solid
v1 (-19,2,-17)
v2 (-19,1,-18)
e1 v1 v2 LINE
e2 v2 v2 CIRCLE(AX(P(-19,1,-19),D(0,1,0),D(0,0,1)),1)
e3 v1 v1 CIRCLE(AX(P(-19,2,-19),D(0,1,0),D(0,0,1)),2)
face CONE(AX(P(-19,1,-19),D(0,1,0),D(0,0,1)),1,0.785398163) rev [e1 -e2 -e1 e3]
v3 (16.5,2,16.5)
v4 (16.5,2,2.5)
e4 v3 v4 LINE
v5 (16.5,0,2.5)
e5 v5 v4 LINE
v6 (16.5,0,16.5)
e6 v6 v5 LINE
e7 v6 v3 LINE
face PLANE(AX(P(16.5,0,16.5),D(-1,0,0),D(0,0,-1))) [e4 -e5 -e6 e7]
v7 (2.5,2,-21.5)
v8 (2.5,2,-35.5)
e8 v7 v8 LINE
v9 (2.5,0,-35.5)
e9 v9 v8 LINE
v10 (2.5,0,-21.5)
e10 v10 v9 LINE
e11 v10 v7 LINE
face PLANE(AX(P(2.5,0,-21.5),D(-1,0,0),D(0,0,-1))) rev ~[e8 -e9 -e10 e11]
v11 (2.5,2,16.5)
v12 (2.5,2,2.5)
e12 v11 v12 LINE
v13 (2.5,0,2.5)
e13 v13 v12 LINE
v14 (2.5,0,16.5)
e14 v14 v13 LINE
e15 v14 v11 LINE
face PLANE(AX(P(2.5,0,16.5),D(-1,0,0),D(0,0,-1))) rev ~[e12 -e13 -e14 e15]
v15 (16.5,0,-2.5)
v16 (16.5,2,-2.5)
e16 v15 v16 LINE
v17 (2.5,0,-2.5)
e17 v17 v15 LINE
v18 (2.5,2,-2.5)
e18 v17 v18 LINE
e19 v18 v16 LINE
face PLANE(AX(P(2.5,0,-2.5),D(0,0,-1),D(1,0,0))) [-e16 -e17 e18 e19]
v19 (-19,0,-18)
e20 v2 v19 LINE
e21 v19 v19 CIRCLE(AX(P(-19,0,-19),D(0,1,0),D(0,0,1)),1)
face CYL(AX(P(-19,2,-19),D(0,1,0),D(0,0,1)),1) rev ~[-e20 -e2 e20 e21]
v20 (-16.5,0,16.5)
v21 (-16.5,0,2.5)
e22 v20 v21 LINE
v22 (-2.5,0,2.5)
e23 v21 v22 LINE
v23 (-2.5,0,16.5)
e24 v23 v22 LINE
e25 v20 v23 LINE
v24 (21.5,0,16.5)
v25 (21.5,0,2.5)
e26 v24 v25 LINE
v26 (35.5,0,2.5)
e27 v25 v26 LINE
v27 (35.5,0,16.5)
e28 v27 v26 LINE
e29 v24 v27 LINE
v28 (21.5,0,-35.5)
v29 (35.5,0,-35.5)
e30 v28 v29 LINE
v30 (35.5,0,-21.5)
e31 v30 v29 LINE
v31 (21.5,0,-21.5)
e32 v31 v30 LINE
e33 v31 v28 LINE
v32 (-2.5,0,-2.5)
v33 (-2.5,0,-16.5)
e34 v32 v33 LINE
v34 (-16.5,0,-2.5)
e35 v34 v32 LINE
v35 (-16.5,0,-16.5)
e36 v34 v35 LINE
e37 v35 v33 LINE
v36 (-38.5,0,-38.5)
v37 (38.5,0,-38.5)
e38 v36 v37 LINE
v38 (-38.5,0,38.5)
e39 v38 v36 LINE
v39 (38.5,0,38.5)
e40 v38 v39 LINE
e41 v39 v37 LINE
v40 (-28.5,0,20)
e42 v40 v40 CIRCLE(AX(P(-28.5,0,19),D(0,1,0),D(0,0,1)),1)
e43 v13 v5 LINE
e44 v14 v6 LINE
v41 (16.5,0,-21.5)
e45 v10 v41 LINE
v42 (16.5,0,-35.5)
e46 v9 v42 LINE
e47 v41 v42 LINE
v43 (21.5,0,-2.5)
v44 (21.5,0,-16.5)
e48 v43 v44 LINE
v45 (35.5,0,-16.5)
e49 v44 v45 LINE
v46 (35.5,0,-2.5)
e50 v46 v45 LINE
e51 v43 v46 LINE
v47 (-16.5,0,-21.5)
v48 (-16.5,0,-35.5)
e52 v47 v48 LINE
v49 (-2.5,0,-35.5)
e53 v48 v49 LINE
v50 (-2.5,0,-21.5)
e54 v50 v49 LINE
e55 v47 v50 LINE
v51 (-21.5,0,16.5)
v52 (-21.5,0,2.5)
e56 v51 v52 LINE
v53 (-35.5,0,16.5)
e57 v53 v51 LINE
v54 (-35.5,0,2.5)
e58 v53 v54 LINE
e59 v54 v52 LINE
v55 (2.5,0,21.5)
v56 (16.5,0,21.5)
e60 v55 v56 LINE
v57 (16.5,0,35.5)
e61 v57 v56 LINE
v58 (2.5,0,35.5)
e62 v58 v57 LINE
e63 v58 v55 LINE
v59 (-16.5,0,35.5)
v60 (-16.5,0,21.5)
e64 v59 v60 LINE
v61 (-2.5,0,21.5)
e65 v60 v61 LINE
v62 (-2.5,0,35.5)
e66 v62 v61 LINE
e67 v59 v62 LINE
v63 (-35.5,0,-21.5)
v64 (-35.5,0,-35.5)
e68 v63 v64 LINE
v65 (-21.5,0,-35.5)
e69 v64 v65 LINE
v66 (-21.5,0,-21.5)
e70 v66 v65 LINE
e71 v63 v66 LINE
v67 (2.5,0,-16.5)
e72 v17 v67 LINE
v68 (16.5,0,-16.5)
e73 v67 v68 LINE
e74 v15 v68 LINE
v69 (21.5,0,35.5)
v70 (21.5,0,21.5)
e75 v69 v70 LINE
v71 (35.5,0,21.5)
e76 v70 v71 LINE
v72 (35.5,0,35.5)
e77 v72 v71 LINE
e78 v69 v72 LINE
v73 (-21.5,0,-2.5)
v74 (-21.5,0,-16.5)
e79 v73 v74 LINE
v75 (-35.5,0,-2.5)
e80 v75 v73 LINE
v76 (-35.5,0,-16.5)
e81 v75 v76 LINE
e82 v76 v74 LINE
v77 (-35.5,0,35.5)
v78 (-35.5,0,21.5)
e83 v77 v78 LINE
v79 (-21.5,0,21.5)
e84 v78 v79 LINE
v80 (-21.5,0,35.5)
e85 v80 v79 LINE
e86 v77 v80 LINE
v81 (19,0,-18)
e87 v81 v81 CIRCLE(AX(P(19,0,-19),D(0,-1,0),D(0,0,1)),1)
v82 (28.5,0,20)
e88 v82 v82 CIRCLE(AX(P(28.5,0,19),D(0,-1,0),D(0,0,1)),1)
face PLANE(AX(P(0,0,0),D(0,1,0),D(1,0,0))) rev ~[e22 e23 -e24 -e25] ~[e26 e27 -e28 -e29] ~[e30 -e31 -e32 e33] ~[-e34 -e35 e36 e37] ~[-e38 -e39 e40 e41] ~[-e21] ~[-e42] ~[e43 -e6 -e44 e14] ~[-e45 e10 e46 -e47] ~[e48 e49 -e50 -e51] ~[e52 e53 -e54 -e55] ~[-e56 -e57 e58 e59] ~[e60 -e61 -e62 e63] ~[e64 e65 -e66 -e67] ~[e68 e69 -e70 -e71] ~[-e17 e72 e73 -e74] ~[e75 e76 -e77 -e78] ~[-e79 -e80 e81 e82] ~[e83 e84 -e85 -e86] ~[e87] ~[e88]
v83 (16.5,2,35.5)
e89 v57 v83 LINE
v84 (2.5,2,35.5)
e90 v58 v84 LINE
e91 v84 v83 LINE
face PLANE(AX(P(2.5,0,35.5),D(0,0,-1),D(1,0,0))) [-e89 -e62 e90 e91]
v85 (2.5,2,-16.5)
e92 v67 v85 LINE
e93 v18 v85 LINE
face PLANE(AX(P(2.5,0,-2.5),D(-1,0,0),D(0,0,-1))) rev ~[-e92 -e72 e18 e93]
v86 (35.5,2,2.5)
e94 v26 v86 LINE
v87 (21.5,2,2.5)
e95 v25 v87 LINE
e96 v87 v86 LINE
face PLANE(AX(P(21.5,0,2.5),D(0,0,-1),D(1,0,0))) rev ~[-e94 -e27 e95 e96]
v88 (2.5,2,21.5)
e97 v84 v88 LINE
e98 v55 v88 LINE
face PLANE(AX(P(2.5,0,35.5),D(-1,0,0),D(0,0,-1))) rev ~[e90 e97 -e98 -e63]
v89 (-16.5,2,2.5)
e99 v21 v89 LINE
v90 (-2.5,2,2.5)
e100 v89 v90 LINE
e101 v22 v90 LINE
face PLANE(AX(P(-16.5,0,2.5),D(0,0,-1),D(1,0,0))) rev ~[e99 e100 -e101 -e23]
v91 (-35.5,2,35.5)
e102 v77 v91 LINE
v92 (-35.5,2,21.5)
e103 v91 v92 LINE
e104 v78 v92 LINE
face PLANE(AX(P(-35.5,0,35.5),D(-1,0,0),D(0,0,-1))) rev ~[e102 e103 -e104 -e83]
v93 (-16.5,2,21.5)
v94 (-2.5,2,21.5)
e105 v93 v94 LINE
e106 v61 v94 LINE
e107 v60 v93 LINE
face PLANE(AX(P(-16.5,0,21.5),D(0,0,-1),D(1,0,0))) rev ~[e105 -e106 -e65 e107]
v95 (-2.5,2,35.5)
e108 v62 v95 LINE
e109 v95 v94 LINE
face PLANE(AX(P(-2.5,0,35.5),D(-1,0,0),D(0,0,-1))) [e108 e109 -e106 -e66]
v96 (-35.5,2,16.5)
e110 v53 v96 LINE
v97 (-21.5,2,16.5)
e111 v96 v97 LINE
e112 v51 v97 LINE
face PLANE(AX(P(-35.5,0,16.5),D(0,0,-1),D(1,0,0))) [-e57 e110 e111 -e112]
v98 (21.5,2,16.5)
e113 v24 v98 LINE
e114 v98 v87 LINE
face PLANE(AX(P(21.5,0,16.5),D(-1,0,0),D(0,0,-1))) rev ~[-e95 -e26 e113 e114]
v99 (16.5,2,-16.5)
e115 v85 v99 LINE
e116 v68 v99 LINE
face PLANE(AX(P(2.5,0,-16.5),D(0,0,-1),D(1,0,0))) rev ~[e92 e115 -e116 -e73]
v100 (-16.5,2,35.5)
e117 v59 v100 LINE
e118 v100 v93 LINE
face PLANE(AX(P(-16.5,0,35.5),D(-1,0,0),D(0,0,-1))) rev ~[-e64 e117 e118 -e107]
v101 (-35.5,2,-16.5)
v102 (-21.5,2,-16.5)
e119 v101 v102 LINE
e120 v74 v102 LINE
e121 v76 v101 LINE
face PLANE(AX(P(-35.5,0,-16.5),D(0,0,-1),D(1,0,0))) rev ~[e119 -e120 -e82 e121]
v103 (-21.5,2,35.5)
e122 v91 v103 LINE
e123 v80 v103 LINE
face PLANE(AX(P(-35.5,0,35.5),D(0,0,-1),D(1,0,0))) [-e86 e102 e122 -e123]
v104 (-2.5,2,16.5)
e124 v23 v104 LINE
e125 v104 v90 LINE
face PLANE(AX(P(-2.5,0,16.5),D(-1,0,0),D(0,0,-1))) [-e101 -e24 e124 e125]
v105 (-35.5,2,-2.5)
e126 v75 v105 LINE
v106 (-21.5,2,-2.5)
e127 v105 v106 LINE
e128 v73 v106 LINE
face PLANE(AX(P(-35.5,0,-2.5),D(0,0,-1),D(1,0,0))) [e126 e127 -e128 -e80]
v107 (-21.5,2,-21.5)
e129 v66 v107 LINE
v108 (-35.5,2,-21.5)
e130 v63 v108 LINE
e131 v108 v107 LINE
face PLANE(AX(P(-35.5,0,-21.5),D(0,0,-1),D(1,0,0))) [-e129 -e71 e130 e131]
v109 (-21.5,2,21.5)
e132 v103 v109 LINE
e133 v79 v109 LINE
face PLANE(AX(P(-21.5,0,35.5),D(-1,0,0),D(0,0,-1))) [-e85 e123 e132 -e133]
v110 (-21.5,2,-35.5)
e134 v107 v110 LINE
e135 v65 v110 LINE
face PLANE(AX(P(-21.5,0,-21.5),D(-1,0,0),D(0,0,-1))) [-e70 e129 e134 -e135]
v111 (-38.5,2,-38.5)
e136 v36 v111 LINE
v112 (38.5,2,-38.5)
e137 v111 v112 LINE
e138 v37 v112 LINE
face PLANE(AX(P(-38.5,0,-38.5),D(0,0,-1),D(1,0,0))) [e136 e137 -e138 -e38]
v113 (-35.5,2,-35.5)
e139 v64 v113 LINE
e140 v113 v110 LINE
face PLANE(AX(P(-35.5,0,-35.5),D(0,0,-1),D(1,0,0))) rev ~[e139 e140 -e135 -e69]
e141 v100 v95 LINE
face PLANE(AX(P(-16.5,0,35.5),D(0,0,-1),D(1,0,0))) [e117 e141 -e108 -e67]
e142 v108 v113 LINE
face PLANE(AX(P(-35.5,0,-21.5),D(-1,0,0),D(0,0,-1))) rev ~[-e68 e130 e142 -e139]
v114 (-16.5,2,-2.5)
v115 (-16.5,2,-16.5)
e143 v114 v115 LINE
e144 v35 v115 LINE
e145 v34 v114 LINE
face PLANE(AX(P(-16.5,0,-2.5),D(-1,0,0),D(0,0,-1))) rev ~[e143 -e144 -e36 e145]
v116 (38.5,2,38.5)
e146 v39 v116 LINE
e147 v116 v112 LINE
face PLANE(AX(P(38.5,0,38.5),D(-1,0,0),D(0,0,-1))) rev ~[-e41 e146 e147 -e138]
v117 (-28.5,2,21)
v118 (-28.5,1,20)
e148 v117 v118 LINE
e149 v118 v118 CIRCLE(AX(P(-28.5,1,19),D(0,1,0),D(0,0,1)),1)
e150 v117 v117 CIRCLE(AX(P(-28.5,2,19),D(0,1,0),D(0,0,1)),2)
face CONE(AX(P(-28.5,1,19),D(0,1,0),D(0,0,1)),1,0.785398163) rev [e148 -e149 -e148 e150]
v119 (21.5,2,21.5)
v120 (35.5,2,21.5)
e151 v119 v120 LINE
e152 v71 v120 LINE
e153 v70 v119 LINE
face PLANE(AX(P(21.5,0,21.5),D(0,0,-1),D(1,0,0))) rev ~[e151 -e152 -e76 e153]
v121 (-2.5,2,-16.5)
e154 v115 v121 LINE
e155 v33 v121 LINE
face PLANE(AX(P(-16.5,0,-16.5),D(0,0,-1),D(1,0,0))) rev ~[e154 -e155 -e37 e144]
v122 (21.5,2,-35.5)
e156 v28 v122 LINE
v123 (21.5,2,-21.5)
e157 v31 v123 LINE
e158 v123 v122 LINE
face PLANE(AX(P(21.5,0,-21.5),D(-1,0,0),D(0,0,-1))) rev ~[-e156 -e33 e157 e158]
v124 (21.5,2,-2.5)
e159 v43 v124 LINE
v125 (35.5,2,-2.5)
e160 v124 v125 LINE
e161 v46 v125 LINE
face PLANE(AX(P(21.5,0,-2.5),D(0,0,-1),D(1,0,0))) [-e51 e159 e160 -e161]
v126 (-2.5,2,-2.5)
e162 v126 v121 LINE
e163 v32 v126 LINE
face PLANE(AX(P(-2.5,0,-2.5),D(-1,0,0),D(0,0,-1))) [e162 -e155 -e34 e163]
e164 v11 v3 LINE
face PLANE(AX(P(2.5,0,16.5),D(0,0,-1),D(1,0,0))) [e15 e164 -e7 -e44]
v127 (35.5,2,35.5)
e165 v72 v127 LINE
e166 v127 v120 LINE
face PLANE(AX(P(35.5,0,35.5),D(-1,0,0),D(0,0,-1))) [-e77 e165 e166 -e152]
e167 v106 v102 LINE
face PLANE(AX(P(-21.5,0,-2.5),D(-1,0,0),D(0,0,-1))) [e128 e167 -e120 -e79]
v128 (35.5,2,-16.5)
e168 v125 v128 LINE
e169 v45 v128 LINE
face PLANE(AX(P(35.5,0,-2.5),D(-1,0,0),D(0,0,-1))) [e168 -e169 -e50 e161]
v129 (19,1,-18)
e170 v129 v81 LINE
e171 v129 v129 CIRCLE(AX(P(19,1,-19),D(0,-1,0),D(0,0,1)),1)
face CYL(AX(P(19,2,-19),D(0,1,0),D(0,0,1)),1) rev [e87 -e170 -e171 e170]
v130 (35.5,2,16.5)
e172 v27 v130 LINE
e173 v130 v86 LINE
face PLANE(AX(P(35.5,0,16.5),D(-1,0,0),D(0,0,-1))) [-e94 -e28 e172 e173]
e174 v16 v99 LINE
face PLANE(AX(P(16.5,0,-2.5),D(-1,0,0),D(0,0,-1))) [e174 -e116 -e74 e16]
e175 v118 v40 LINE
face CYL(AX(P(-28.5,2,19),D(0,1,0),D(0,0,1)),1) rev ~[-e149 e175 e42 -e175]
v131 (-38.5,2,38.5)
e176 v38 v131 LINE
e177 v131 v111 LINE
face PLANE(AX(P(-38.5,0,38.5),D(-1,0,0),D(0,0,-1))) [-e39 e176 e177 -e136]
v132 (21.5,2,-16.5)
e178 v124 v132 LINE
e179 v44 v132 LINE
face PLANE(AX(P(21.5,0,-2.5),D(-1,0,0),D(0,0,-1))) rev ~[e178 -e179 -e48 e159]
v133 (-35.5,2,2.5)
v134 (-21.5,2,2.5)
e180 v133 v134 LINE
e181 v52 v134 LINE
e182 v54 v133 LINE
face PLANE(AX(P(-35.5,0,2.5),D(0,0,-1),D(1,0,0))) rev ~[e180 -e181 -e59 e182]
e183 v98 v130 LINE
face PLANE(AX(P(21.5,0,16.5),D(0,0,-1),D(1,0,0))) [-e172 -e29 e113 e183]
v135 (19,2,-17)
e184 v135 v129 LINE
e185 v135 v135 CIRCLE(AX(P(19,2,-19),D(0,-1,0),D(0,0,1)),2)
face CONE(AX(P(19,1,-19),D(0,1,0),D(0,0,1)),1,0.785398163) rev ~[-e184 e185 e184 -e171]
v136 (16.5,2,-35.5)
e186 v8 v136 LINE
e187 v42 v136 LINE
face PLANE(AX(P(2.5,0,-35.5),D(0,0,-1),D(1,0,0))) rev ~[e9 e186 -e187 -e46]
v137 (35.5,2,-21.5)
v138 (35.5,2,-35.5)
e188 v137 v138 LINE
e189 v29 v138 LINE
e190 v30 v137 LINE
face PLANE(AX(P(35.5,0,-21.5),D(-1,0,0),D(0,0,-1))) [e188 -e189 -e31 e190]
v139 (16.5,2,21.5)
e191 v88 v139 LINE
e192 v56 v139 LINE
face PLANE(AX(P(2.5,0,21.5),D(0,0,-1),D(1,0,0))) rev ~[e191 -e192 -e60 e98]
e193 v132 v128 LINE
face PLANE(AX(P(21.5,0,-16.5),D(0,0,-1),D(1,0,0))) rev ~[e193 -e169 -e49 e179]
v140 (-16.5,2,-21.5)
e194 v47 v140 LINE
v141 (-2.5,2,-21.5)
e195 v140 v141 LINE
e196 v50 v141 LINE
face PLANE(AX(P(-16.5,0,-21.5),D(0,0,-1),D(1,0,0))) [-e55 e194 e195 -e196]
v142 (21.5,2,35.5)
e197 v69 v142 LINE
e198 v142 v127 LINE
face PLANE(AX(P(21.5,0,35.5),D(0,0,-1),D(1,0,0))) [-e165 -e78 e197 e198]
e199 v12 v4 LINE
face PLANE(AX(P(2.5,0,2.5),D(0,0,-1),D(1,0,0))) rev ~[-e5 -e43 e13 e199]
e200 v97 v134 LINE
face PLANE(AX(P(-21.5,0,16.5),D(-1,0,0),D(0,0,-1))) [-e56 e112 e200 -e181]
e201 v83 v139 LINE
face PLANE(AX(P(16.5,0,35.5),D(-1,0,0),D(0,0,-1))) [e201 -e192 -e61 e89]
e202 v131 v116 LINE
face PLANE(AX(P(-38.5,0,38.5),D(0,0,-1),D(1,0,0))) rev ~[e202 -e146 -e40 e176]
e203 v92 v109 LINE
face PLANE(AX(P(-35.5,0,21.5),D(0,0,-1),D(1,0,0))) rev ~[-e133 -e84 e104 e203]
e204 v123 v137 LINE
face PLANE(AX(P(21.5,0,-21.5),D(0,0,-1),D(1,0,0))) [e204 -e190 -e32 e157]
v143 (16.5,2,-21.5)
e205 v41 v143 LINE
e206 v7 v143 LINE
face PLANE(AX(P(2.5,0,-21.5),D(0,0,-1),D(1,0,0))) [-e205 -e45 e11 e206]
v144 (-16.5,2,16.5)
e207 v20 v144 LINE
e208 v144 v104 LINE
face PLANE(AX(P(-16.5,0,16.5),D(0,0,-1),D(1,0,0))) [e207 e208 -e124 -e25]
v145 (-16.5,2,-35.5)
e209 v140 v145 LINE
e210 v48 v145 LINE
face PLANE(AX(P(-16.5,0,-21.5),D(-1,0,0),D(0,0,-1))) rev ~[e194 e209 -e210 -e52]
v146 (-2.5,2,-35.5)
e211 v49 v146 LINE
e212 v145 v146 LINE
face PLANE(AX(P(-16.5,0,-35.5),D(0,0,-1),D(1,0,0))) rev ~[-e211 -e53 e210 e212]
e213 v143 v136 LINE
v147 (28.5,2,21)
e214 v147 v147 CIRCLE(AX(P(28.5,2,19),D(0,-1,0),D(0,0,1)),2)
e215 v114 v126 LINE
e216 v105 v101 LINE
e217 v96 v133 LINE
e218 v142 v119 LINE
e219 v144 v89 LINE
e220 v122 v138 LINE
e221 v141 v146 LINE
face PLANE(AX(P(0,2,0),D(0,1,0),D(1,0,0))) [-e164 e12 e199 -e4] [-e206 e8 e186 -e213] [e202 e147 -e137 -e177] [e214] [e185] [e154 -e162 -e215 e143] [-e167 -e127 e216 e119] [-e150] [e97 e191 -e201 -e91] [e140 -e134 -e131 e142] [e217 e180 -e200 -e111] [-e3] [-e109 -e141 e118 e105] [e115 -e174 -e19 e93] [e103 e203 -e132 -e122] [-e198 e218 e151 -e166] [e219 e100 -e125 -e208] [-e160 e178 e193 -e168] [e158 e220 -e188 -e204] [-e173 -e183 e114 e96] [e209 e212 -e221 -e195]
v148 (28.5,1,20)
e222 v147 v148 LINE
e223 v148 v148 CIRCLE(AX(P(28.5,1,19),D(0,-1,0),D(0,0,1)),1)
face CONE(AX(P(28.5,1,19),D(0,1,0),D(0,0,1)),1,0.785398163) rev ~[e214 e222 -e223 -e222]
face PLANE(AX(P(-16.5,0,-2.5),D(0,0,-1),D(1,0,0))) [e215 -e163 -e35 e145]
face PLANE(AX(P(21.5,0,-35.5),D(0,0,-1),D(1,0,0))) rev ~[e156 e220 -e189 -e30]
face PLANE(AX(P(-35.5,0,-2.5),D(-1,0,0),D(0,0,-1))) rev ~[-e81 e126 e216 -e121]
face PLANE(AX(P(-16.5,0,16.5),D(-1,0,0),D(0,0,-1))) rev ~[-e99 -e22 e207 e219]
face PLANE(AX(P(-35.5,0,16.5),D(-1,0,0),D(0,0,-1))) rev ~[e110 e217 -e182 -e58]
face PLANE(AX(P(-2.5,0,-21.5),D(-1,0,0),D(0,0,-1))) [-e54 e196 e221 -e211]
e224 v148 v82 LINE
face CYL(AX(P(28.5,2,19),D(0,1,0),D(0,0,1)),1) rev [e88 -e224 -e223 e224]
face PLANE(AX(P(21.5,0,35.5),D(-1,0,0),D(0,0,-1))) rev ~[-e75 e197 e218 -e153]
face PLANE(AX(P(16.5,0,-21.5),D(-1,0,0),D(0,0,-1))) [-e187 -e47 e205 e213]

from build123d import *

# Parameters (mm, degrees)
SKETCH1_W                = 77
SKETCH1_H                = 77
SKETCH1_W_2              = 14
SKETCH1_H_2              = 14
BOSS_EXTRUDE1_DEPTH      = 2
SKETCH2_R                = 1
CUT_EXTRUDE1_DEPTH       = 2
CHAMFER1_SIZE            = 1
CHAMFER1_OF_MIRROR1_SIZE = 1


with BuildPart() as part:
    # Sketch1 → Boss-Extrude1 (new body)
    with BuildSketch(Plane(origin=(0, 0, 0), x_dir=(1, 0, 0), z_dir=(0, 1, 0))):
        Rectangle(SKETCH1_W, SKETCH1_H)
        with Locations((-9.5, 28.5)):
            Rectangle(SKETCH1_W_2, SKETCH1_H_2, mode=Mode.SUBTRACT)
        with Locations((-28.5, 28.5)):
            Rectangle(SKETCH1_W_2, SKETCH1_H_2, mode=Mode.SUBTRACT)
        with Locations((9.5, 28.5)):
            Rectangle(SKETCH1_W_2, SKETCH1_H_2, mode=Mode.SUBTRACT)
        with Locations((28.5, 28.5)):
            Rectangle(SKETCH1_W_2, SKETCH1_H_2, mode=Mode.SUBTRACT)
        with Locations((-9.5, 9.5)):
            Rectangle(SKETCH1_W_2, SKETCH1_H_2, mode=Mode.SUBTRACT)
        with Locations((9.5, 9.5)):
            Rectangle(SKETCH1_W_2, SKETCH1_H_2, mode=Mode.SUBTRACT)
        with Locations((28.5, 9.5)):
            Rectangle(SKETCH1_W_2, SKETCH1_H_2, mode=Mode.SUBTRACT)
        with Locations((-9.5, -9.5)):
            Rectangle(SKETCH1_W_2, SKETCH1_H_2, mode=Mode.SUBTRACT)
        with Locations((9.5, -9.5)):
            Rectangle(SKETCH1_W_2, SKETCH1_H_2, mode=Mode.SUBTRACT)
        with Locations((28.5, -9.5)):
            Rectangle(SKETCH1_W_2, SKETCH1_H_2, mode=Mode.SUBTRACT)
        with Locations((-9.5, -28.5)):
            Rectangle(SKETCH1_W_2, SKETCH1_H_2, mode=Mode.SUBTRACT)
        with Locations((9.5, -28.5)):
            Rectangle(SKETCH1_W_2, SKETCH1_H_2, mode=Mode.SUBTRACT)
        with Locations((28.5, -28.5)):
            Rectangle(SKETCH1_W_2, SKETCH1_H_2, mode=Mode.SUBTRACT)
        with Locations((-28.5, 9.5)):
            Rectangle(SKETCH1_W_2, SKETCH1_H_2, mode=Mode.SUBTRACT)
        with Locations((-28.5, -9.5)):
            Rectangle(SKETCH1_W_2, SKETCH1_H_2, mode=Mode.SUBTRACT)
        with Locations((-28.5, -28.5)):
            Rectangle(SKETCH1_W_2, SKETCH1_H_2, mode=Mode.SUBTRACT)
    extrude(amount=BOSS_EXTRUDE1_DEPTH)

    # Sketch2 → Cut-Extrude1 (cut)
    with BuildSketch(Plane(origin=(0, 2, 0), x_dir=(1, 0, 0), z_dir=(0, 1, 0))):
        with Locations(Location((-19, 19, 0), (0, 0, 270))):
            Circle(SKETCH2_R)
        with Locations(Location((-28.5, -19, 0), (0, 0, 270))):
            Circle(SKETCH2_R)
    cut_extrude1 = extrude(amount=-CUT_EXTRUDE1_DEPTH, mode=Mode.SUBTRACT)

    # Chamfer1
    chamfer1_edges = [part.edges().sort_by_distance(p)[0] for p in [
        (-19, 2, -20),
        (-28.5, 2, 18),
    ]]
    chamfer(chamfer1_edges, length=CHAMFER1_SIZE)

    # Mirror1: Cut-Extrude1 across plane
    add(cut_extrude1.mirror(Plane(origin=(0, 0, 0), x_dir=(0, 0, 1), z_dir=(1, 0, 0))), mode=Mode.SUBTRACT)

    # Chamfer1 of Mirror1
    chamfer1_of_mirror1_edges = [part.edges().sort_by_distance(p)[0] for p in [
        (19, 2, -20),
        (28.5, 2, 18),
    ]]
    chamfer(chamfer1_of_mirror1_edges, length=CHAMFER1_OF_MIRROR1_SIZE)


solid = part.part
